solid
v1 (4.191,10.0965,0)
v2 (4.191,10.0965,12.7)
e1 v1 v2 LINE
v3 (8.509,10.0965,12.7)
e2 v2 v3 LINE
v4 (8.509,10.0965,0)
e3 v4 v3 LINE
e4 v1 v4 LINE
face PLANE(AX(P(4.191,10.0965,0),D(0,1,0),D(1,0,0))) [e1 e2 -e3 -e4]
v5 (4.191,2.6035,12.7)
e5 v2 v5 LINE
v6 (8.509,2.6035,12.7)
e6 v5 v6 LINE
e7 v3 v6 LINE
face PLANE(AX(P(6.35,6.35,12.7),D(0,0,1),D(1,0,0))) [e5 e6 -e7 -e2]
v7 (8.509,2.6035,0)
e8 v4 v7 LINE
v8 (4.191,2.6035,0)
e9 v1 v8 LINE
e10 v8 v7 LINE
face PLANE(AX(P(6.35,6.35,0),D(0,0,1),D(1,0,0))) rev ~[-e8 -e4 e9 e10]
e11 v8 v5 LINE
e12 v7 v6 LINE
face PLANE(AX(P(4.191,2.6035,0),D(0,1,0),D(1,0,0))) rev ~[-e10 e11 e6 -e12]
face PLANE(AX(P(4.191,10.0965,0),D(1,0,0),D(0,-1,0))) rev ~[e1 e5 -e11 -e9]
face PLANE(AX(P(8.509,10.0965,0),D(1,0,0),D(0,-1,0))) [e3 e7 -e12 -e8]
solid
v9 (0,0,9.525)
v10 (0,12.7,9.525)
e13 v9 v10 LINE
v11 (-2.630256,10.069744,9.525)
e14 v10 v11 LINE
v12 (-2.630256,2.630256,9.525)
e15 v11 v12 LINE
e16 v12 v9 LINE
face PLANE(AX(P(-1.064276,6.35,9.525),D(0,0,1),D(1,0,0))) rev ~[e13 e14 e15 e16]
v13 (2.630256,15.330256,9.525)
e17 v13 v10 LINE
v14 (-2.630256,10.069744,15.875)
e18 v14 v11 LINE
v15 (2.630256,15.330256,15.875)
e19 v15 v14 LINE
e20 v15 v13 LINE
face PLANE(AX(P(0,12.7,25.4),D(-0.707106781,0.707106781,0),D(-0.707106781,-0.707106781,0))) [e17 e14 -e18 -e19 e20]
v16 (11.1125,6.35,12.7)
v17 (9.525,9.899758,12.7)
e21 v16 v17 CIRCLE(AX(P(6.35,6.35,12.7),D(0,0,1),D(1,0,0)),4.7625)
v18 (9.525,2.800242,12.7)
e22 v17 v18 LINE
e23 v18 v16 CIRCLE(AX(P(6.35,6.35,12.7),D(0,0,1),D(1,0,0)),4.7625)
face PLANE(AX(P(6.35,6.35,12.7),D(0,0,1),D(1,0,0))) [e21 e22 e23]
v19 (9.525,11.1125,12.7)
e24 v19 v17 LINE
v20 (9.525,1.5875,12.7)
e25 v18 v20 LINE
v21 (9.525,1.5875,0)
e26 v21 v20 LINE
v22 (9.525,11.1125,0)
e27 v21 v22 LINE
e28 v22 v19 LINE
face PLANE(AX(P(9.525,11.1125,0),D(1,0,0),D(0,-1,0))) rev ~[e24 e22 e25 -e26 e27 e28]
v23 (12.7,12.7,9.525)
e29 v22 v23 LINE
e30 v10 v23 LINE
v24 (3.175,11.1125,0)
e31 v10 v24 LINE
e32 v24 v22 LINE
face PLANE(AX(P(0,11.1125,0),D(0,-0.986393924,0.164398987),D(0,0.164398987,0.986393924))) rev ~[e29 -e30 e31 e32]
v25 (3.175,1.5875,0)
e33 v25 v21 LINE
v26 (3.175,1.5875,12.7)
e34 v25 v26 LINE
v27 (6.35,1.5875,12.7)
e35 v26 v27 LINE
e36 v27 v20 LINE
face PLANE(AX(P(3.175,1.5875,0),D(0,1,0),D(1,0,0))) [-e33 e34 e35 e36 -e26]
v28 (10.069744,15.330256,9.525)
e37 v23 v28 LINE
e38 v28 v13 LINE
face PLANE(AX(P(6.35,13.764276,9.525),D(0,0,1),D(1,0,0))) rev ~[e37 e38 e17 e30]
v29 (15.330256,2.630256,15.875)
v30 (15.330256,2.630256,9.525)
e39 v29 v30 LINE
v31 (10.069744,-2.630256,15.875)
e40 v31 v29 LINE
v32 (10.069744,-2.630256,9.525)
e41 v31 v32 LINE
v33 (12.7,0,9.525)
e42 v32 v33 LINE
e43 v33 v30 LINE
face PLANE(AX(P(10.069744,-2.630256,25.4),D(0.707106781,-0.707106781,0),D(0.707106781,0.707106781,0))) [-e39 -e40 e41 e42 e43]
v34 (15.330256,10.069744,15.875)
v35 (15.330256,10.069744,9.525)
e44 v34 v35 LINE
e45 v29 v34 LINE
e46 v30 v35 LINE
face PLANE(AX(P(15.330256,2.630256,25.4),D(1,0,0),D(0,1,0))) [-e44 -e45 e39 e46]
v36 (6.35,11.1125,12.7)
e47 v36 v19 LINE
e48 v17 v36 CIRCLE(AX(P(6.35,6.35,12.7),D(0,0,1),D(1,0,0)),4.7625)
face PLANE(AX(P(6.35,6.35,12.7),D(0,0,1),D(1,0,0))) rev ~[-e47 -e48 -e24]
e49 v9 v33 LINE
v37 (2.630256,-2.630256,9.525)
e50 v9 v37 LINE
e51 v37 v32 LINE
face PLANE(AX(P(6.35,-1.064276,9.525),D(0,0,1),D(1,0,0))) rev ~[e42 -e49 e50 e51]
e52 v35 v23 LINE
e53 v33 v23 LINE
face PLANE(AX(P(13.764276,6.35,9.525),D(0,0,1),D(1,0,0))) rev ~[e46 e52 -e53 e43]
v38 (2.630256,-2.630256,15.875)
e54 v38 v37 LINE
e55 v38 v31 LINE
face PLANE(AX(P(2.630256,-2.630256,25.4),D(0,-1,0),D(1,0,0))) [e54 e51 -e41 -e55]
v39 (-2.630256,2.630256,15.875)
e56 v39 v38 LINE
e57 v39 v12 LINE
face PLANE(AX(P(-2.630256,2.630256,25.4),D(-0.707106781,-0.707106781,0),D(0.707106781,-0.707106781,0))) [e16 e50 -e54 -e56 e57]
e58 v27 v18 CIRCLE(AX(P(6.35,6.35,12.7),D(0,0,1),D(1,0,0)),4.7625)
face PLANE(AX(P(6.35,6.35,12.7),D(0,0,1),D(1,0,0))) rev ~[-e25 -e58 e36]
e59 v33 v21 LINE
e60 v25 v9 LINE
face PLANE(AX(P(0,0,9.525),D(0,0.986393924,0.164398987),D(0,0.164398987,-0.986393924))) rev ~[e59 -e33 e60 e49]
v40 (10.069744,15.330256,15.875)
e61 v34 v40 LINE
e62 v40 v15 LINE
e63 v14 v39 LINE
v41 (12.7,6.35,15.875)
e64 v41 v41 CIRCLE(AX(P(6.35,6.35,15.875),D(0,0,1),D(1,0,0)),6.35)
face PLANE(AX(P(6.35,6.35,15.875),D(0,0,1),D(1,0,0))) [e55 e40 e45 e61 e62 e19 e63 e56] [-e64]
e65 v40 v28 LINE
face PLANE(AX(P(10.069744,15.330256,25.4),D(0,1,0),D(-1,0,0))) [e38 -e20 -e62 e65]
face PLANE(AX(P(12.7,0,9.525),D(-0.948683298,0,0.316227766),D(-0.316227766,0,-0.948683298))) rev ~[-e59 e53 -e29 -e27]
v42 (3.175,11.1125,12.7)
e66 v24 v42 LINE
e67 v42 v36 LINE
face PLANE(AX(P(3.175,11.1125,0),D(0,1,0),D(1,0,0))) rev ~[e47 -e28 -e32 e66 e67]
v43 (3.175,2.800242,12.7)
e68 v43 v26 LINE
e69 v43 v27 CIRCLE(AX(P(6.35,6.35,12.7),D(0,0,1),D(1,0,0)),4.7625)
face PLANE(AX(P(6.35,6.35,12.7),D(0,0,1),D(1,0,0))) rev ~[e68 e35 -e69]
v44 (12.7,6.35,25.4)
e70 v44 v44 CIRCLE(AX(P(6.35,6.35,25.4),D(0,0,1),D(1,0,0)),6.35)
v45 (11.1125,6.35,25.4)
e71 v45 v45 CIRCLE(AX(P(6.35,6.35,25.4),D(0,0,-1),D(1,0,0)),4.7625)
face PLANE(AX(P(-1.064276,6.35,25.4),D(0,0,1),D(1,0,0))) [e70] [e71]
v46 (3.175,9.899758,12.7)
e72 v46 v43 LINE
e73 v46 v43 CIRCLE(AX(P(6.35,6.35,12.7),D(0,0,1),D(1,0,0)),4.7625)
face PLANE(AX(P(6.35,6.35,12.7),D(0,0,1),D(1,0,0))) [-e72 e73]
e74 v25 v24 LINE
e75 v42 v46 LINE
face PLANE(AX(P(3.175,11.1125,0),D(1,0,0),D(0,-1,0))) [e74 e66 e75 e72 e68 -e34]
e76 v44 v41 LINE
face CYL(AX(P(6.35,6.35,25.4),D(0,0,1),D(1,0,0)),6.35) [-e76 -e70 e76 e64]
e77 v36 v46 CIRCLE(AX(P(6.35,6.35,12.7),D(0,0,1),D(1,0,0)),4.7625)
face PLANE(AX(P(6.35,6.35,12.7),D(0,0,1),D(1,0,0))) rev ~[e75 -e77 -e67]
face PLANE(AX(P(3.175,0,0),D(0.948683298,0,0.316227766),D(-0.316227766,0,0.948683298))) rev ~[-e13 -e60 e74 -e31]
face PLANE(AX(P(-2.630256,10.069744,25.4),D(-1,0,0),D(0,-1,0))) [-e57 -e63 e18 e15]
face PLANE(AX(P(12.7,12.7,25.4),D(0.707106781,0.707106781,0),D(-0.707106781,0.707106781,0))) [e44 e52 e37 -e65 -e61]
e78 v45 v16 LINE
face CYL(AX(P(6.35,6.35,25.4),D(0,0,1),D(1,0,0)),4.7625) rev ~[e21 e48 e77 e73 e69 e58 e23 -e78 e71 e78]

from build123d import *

# Parameters (mm, degrees)
F0_W      = 12.7
F0_H      = 12.7
F1_DEPTH  = 25.4
F3_DEPTH  = 12.701
F5_DEPTH  = 12.701
F6_W      = 6.35
F6_H      = 9.525
F6_W_2    = 4.318
F6_H_2    = 7.493
F7_DEPTH  = 25.401
F9_DEPTH  = 15.875
F10_R     = 6.35
F11_DEPTH = 9.525
F12_R     = 6.35
F12_R_2   = 4.7625
F13_DEPTH = 12.7
F14_R     = 4.7625
F14_W     = 4.318
F14_H     = 7.493
F15_DEPTH = 12.7


with BuildPart() as f1:
    # F0 (on Top) → F1 (new body)
    with BuildSketch(Plane.XY):
        with Locations((6.35, 6.35)):
            Rectangle(F0_W, F0_H)
    extrude(amount=F1_DEPTH)

    # F2 (on face) → F3 (cut, through all)
    with BuildSketch(Plane.XZ):
        Polygon((0, 0), (3.175, 0), (0, 9.525), align=None)
        Polygon((12.7, 0), (12.7, 9.525), (9.525, 0), align=None)
    extrude(amount=-F3_DEPTH, mode=Mode.SUBTRACT)

    # F4 (on face) → F5 (cut, through all)
    with BuildSketch(Plane(origin=(0, 0, 0), x_dir=(0, -1, 0), z_dir=(-1, 0, 0))):
        Polygon((-11.1125, 0), (-12.7, 9.525), (-12.7, 0), align=None)
        Polygon((0, 0), (0, 9.525), (-1.5875, 0), align=None)
    extrude(amount=-F5_DEPTH, mode=Mode.SUBTRACT)

    # F6 (on face) → F7 (cut, through all)
    with BuildSketch(Plane(origin=(0, 0, 0), x_dir=(1, 0, 0), z_dir=(0, 0, -1))):
        with Locations((6.35, -6.35)):
            Rectangle(F6_W, F6_H)
        with Locations((6.35, -6.35)):
            Rectangle(F6_W_2, F6_H_2, mode=Mode.SUBTRACT)
    extrude(amount=-F7_DEPTH, mode=Mode.SUBTRACT)

    # F8 (on face) → F9 (join)
    with BuildSketch(Plane.XY.offset(25.4)):
        Polygon((0, 0), (0, 12.7), (-2.6302561211, 10.0697438789), (-2.6302561211, 2.6302561211), align=None)
        Polygon((10.0697438789, 15.3302561211), (2.6302561211, 15.3302561211), (0, 12.7), (12.7, 12.7), align=None)
        Polygon((15.3302561211, 10.0697438789), (12.7, 12.7), (12.7, 0), (15.3302561211, 2.6302561211), align=None)
        Polygon((12.7, 0), (0, 0), (2.6302561211, -2.6302561211), (10.0697438789, -2.6302561211), align=None)
    extrude(amount=-F9_DEPTH)

    # F10 (on face) → F11 (cut)
    with BuildSketch(Plane.XY.offset(25.4)):
        Polygon((2.6302561211, 15.3302561211), (-2.6302561211, 10.0697438789), (-2.6302561211, 2.6302561211), (2.6302561211, -2.6302561211), (10.0697438789, -2.6302561211), (15.3302561211, 2.6302561211), (15.3302561211, 10.0697438789), (10.0697438789, 15.3302561211), align=None)
        with Locations((6.35, 6.35)):
            Circle(F10_R, mode=Mode.SUBTRACT)
    extrude(amount=-F11_DEPTH, mode=Mode.SUBTRACT)

    # F12 (on face) → F13 (join)
    with BuildSketch(Plane.XY.offset(25.4)):
        with Locations((6.35, 6.35)):
            Circle(F12_R)
        with Locations((6.35, 6.35)):
            Circle(F12_R_2, mode=Mode.SUBTRACT)
    extrude(amount=-F13_DEPTH)

    # F14 (on face) → F15 (cut)
    with BuildSketch(Plane.XY.offset(25.4)):
        with Locations((6.35, 6.35)):
            Circle(F14_R)
        with Locations((6.35, 6.35)):
            Rectangle(F14_W, F14_H, mode=Mode.SUBTRACT)
        with Locations((6.35, 6.35)):
            Rectangle(F14_W, F14_H)
    extrude(amount=-F15_DEPTH, mode=Mode.SUBTRACT)


solid = f1.part
